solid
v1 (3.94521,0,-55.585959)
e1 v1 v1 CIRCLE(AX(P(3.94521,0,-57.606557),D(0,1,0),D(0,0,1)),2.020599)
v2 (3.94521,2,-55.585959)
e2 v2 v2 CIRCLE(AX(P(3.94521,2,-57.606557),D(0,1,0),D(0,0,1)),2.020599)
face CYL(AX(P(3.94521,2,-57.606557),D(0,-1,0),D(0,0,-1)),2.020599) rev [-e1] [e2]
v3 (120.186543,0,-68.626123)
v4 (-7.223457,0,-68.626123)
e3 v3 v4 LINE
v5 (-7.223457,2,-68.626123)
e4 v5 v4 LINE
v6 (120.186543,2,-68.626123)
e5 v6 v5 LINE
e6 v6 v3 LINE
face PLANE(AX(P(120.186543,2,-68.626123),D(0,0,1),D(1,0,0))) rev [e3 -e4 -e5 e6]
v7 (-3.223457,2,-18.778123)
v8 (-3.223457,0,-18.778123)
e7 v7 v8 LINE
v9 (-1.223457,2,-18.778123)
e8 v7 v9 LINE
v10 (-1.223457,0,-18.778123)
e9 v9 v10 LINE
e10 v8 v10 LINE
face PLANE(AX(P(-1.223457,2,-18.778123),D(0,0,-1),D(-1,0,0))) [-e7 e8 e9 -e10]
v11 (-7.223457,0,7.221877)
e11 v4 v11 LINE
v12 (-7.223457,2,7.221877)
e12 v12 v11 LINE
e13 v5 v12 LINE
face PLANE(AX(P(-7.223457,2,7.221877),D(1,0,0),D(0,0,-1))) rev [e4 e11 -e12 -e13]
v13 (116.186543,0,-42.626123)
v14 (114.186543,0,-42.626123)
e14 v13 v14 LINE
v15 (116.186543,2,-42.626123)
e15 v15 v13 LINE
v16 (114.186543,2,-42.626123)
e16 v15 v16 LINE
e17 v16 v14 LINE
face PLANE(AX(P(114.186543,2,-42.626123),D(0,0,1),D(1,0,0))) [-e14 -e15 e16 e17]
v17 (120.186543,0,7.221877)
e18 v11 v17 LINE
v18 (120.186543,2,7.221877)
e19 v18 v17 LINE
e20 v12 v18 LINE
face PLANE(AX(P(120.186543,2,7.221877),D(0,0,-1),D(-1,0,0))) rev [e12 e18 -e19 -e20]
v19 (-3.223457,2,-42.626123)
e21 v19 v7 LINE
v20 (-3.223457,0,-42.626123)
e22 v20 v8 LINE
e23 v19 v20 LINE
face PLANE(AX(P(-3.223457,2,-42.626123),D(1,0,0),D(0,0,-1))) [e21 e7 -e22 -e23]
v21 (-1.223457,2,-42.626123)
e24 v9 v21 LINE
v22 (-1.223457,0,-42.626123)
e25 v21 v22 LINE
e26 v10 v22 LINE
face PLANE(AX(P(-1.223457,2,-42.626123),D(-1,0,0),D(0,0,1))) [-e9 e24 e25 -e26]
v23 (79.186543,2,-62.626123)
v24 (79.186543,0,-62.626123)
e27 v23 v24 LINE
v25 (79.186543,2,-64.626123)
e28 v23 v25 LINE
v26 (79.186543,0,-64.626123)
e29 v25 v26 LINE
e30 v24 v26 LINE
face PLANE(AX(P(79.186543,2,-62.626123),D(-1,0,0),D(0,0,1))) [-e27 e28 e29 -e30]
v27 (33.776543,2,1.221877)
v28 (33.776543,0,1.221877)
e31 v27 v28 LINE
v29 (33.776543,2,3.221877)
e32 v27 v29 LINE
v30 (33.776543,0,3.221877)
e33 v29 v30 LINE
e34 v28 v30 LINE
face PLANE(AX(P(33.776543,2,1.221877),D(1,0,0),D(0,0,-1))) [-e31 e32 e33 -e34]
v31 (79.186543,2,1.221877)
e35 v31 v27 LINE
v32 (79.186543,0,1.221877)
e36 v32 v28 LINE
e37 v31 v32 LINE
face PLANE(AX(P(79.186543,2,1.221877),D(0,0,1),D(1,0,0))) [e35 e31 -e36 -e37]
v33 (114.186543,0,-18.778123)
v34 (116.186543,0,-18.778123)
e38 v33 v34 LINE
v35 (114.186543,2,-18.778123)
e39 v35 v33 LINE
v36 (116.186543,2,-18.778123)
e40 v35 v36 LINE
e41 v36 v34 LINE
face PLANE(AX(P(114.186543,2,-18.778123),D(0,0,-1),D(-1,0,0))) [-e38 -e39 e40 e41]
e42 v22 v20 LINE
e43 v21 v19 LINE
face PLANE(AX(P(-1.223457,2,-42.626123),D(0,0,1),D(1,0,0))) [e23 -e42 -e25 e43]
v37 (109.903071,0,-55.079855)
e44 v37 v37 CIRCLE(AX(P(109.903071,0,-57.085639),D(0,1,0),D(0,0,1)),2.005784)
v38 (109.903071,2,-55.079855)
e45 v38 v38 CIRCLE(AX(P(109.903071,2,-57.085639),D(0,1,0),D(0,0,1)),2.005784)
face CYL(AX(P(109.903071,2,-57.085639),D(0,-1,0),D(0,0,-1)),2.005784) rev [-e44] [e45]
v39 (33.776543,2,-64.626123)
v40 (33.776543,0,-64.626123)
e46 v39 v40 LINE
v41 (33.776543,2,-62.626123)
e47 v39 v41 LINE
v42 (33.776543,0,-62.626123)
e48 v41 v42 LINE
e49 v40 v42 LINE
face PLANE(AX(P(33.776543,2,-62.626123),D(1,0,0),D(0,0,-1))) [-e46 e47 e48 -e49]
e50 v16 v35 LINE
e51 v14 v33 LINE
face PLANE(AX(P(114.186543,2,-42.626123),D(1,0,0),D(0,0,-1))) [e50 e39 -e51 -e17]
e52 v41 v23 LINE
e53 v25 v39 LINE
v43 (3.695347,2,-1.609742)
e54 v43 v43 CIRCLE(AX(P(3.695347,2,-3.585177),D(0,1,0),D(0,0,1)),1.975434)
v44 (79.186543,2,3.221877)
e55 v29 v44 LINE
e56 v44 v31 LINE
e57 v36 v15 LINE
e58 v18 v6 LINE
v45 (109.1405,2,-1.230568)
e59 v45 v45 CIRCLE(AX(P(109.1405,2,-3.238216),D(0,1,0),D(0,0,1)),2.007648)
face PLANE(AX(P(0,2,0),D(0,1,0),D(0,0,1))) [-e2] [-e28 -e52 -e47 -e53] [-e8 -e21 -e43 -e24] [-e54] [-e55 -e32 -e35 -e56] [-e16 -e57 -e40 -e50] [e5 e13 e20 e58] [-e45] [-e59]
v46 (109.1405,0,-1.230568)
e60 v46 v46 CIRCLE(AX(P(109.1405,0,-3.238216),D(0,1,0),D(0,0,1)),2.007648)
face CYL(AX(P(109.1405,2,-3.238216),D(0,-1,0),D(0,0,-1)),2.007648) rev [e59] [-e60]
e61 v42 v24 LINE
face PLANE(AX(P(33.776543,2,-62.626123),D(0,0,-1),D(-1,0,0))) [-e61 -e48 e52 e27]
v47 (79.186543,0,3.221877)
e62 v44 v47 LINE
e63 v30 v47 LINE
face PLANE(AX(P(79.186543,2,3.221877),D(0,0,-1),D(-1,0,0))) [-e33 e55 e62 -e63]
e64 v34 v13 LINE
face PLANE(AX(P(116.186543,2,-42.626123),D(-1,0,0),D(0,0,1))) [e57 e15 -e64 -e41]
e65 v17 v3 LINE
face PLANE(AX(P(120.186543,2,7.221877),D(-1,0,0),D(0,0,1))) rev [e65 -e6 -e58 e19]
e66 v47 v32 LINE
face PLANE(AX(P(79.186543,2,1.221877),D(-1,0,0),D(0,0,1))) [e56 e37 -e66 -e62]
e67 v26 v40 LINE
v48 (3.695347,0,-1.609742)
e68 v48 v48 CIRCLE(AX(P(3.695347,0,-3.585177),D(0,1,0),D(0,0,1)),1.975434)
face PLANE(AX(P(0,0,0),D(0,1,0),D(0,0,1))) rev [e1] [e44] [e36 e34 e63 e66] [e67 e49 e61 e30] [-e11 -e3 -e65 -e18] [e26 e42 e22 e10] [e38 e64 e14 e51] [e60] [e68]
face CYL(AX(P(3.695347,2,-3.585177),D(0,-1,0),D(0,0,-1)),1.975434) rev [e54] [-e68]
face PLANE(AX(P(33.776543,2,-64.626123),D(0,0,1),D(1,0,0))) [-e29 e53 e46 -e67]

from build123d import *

# Parameters (mm, degrees)
SKETCH2_W           = 127.41
SKETCH2_H           = 75.848
SKETCH2_R           = 1.975434392
SKETCH2_R_2         = 2.02059866
SKETCH2_R_3         = 2.005784304
SKETCH2_R_4         = 2.007647525
SKETCH2_W_2         = 2
SKETCH2_H_2         = 23.848
SKETCH2_W_3         = 45.41
SKETCH2_H_3         = 2
BOSS_EXTRUDE1_DEPTH = 2


with BuildPart() as part:
    # Sketch2 → Boss-Extrude1 (new body)
    with BuildSketch(Plane(origin=(0, 0, 0), x_dir=(1, 0, 0), z_dir=(0, 1, 0))):
        with Locations((56.48154317, 30.702122774)):
            Rectangle(SKETCH2_W, SKETCH2_H)
        with Locations(Location((3.695346689, 3.585176853, 0), (0, 0, 270))):
            Circle(SKETCH2_R, mode=Mode.SUBTRACT)
        with Locations(Location((3.945209928, 57.606557407, 0), (0, 0, 270))):
            Circle(SKETCH2_R_2, mode=Mode.SUBTRACT)
        with Locations(Location((109.903070514, 57.08563935, 0), (0, 0, 270))):
            Circle(SKETCH2_R_3, mode=Mode.SUBTRACT)
        with Locations(Location((109.140500171, 3.238215507, 0), (0, 0, 270))):
            Circle(SKETCH2_R_4, mode=Mode.SUBTRACT)
        with Locations((-2.22345683, 30.702122774)):
            Rectangle(SKETCH2_W_2, SKETCH2_H_2, mode=Mode.SUBTRACT)
        with Locations((56.48154317, 63.626122774)):
            Rectangle(SKETCH2_W_3, SKETCH2_H_3, mode=Mode.SUBTRACT)
        with Locations((115.18654317, 30.702122774)):
            Rectangle(SKETCH2_W_2, SKETCH2_H_2, mode=Mode.SUBTRACT)
        with Locations((56.48154317, -2.221877226)):
            Rectangle(SKETCH2_W_3, SKETCH2_H_3, mode=Mode.SUBTRACT)
    extrude(amount=BOSS_EXTRUDE1_DEPTH)


solid = part.part
